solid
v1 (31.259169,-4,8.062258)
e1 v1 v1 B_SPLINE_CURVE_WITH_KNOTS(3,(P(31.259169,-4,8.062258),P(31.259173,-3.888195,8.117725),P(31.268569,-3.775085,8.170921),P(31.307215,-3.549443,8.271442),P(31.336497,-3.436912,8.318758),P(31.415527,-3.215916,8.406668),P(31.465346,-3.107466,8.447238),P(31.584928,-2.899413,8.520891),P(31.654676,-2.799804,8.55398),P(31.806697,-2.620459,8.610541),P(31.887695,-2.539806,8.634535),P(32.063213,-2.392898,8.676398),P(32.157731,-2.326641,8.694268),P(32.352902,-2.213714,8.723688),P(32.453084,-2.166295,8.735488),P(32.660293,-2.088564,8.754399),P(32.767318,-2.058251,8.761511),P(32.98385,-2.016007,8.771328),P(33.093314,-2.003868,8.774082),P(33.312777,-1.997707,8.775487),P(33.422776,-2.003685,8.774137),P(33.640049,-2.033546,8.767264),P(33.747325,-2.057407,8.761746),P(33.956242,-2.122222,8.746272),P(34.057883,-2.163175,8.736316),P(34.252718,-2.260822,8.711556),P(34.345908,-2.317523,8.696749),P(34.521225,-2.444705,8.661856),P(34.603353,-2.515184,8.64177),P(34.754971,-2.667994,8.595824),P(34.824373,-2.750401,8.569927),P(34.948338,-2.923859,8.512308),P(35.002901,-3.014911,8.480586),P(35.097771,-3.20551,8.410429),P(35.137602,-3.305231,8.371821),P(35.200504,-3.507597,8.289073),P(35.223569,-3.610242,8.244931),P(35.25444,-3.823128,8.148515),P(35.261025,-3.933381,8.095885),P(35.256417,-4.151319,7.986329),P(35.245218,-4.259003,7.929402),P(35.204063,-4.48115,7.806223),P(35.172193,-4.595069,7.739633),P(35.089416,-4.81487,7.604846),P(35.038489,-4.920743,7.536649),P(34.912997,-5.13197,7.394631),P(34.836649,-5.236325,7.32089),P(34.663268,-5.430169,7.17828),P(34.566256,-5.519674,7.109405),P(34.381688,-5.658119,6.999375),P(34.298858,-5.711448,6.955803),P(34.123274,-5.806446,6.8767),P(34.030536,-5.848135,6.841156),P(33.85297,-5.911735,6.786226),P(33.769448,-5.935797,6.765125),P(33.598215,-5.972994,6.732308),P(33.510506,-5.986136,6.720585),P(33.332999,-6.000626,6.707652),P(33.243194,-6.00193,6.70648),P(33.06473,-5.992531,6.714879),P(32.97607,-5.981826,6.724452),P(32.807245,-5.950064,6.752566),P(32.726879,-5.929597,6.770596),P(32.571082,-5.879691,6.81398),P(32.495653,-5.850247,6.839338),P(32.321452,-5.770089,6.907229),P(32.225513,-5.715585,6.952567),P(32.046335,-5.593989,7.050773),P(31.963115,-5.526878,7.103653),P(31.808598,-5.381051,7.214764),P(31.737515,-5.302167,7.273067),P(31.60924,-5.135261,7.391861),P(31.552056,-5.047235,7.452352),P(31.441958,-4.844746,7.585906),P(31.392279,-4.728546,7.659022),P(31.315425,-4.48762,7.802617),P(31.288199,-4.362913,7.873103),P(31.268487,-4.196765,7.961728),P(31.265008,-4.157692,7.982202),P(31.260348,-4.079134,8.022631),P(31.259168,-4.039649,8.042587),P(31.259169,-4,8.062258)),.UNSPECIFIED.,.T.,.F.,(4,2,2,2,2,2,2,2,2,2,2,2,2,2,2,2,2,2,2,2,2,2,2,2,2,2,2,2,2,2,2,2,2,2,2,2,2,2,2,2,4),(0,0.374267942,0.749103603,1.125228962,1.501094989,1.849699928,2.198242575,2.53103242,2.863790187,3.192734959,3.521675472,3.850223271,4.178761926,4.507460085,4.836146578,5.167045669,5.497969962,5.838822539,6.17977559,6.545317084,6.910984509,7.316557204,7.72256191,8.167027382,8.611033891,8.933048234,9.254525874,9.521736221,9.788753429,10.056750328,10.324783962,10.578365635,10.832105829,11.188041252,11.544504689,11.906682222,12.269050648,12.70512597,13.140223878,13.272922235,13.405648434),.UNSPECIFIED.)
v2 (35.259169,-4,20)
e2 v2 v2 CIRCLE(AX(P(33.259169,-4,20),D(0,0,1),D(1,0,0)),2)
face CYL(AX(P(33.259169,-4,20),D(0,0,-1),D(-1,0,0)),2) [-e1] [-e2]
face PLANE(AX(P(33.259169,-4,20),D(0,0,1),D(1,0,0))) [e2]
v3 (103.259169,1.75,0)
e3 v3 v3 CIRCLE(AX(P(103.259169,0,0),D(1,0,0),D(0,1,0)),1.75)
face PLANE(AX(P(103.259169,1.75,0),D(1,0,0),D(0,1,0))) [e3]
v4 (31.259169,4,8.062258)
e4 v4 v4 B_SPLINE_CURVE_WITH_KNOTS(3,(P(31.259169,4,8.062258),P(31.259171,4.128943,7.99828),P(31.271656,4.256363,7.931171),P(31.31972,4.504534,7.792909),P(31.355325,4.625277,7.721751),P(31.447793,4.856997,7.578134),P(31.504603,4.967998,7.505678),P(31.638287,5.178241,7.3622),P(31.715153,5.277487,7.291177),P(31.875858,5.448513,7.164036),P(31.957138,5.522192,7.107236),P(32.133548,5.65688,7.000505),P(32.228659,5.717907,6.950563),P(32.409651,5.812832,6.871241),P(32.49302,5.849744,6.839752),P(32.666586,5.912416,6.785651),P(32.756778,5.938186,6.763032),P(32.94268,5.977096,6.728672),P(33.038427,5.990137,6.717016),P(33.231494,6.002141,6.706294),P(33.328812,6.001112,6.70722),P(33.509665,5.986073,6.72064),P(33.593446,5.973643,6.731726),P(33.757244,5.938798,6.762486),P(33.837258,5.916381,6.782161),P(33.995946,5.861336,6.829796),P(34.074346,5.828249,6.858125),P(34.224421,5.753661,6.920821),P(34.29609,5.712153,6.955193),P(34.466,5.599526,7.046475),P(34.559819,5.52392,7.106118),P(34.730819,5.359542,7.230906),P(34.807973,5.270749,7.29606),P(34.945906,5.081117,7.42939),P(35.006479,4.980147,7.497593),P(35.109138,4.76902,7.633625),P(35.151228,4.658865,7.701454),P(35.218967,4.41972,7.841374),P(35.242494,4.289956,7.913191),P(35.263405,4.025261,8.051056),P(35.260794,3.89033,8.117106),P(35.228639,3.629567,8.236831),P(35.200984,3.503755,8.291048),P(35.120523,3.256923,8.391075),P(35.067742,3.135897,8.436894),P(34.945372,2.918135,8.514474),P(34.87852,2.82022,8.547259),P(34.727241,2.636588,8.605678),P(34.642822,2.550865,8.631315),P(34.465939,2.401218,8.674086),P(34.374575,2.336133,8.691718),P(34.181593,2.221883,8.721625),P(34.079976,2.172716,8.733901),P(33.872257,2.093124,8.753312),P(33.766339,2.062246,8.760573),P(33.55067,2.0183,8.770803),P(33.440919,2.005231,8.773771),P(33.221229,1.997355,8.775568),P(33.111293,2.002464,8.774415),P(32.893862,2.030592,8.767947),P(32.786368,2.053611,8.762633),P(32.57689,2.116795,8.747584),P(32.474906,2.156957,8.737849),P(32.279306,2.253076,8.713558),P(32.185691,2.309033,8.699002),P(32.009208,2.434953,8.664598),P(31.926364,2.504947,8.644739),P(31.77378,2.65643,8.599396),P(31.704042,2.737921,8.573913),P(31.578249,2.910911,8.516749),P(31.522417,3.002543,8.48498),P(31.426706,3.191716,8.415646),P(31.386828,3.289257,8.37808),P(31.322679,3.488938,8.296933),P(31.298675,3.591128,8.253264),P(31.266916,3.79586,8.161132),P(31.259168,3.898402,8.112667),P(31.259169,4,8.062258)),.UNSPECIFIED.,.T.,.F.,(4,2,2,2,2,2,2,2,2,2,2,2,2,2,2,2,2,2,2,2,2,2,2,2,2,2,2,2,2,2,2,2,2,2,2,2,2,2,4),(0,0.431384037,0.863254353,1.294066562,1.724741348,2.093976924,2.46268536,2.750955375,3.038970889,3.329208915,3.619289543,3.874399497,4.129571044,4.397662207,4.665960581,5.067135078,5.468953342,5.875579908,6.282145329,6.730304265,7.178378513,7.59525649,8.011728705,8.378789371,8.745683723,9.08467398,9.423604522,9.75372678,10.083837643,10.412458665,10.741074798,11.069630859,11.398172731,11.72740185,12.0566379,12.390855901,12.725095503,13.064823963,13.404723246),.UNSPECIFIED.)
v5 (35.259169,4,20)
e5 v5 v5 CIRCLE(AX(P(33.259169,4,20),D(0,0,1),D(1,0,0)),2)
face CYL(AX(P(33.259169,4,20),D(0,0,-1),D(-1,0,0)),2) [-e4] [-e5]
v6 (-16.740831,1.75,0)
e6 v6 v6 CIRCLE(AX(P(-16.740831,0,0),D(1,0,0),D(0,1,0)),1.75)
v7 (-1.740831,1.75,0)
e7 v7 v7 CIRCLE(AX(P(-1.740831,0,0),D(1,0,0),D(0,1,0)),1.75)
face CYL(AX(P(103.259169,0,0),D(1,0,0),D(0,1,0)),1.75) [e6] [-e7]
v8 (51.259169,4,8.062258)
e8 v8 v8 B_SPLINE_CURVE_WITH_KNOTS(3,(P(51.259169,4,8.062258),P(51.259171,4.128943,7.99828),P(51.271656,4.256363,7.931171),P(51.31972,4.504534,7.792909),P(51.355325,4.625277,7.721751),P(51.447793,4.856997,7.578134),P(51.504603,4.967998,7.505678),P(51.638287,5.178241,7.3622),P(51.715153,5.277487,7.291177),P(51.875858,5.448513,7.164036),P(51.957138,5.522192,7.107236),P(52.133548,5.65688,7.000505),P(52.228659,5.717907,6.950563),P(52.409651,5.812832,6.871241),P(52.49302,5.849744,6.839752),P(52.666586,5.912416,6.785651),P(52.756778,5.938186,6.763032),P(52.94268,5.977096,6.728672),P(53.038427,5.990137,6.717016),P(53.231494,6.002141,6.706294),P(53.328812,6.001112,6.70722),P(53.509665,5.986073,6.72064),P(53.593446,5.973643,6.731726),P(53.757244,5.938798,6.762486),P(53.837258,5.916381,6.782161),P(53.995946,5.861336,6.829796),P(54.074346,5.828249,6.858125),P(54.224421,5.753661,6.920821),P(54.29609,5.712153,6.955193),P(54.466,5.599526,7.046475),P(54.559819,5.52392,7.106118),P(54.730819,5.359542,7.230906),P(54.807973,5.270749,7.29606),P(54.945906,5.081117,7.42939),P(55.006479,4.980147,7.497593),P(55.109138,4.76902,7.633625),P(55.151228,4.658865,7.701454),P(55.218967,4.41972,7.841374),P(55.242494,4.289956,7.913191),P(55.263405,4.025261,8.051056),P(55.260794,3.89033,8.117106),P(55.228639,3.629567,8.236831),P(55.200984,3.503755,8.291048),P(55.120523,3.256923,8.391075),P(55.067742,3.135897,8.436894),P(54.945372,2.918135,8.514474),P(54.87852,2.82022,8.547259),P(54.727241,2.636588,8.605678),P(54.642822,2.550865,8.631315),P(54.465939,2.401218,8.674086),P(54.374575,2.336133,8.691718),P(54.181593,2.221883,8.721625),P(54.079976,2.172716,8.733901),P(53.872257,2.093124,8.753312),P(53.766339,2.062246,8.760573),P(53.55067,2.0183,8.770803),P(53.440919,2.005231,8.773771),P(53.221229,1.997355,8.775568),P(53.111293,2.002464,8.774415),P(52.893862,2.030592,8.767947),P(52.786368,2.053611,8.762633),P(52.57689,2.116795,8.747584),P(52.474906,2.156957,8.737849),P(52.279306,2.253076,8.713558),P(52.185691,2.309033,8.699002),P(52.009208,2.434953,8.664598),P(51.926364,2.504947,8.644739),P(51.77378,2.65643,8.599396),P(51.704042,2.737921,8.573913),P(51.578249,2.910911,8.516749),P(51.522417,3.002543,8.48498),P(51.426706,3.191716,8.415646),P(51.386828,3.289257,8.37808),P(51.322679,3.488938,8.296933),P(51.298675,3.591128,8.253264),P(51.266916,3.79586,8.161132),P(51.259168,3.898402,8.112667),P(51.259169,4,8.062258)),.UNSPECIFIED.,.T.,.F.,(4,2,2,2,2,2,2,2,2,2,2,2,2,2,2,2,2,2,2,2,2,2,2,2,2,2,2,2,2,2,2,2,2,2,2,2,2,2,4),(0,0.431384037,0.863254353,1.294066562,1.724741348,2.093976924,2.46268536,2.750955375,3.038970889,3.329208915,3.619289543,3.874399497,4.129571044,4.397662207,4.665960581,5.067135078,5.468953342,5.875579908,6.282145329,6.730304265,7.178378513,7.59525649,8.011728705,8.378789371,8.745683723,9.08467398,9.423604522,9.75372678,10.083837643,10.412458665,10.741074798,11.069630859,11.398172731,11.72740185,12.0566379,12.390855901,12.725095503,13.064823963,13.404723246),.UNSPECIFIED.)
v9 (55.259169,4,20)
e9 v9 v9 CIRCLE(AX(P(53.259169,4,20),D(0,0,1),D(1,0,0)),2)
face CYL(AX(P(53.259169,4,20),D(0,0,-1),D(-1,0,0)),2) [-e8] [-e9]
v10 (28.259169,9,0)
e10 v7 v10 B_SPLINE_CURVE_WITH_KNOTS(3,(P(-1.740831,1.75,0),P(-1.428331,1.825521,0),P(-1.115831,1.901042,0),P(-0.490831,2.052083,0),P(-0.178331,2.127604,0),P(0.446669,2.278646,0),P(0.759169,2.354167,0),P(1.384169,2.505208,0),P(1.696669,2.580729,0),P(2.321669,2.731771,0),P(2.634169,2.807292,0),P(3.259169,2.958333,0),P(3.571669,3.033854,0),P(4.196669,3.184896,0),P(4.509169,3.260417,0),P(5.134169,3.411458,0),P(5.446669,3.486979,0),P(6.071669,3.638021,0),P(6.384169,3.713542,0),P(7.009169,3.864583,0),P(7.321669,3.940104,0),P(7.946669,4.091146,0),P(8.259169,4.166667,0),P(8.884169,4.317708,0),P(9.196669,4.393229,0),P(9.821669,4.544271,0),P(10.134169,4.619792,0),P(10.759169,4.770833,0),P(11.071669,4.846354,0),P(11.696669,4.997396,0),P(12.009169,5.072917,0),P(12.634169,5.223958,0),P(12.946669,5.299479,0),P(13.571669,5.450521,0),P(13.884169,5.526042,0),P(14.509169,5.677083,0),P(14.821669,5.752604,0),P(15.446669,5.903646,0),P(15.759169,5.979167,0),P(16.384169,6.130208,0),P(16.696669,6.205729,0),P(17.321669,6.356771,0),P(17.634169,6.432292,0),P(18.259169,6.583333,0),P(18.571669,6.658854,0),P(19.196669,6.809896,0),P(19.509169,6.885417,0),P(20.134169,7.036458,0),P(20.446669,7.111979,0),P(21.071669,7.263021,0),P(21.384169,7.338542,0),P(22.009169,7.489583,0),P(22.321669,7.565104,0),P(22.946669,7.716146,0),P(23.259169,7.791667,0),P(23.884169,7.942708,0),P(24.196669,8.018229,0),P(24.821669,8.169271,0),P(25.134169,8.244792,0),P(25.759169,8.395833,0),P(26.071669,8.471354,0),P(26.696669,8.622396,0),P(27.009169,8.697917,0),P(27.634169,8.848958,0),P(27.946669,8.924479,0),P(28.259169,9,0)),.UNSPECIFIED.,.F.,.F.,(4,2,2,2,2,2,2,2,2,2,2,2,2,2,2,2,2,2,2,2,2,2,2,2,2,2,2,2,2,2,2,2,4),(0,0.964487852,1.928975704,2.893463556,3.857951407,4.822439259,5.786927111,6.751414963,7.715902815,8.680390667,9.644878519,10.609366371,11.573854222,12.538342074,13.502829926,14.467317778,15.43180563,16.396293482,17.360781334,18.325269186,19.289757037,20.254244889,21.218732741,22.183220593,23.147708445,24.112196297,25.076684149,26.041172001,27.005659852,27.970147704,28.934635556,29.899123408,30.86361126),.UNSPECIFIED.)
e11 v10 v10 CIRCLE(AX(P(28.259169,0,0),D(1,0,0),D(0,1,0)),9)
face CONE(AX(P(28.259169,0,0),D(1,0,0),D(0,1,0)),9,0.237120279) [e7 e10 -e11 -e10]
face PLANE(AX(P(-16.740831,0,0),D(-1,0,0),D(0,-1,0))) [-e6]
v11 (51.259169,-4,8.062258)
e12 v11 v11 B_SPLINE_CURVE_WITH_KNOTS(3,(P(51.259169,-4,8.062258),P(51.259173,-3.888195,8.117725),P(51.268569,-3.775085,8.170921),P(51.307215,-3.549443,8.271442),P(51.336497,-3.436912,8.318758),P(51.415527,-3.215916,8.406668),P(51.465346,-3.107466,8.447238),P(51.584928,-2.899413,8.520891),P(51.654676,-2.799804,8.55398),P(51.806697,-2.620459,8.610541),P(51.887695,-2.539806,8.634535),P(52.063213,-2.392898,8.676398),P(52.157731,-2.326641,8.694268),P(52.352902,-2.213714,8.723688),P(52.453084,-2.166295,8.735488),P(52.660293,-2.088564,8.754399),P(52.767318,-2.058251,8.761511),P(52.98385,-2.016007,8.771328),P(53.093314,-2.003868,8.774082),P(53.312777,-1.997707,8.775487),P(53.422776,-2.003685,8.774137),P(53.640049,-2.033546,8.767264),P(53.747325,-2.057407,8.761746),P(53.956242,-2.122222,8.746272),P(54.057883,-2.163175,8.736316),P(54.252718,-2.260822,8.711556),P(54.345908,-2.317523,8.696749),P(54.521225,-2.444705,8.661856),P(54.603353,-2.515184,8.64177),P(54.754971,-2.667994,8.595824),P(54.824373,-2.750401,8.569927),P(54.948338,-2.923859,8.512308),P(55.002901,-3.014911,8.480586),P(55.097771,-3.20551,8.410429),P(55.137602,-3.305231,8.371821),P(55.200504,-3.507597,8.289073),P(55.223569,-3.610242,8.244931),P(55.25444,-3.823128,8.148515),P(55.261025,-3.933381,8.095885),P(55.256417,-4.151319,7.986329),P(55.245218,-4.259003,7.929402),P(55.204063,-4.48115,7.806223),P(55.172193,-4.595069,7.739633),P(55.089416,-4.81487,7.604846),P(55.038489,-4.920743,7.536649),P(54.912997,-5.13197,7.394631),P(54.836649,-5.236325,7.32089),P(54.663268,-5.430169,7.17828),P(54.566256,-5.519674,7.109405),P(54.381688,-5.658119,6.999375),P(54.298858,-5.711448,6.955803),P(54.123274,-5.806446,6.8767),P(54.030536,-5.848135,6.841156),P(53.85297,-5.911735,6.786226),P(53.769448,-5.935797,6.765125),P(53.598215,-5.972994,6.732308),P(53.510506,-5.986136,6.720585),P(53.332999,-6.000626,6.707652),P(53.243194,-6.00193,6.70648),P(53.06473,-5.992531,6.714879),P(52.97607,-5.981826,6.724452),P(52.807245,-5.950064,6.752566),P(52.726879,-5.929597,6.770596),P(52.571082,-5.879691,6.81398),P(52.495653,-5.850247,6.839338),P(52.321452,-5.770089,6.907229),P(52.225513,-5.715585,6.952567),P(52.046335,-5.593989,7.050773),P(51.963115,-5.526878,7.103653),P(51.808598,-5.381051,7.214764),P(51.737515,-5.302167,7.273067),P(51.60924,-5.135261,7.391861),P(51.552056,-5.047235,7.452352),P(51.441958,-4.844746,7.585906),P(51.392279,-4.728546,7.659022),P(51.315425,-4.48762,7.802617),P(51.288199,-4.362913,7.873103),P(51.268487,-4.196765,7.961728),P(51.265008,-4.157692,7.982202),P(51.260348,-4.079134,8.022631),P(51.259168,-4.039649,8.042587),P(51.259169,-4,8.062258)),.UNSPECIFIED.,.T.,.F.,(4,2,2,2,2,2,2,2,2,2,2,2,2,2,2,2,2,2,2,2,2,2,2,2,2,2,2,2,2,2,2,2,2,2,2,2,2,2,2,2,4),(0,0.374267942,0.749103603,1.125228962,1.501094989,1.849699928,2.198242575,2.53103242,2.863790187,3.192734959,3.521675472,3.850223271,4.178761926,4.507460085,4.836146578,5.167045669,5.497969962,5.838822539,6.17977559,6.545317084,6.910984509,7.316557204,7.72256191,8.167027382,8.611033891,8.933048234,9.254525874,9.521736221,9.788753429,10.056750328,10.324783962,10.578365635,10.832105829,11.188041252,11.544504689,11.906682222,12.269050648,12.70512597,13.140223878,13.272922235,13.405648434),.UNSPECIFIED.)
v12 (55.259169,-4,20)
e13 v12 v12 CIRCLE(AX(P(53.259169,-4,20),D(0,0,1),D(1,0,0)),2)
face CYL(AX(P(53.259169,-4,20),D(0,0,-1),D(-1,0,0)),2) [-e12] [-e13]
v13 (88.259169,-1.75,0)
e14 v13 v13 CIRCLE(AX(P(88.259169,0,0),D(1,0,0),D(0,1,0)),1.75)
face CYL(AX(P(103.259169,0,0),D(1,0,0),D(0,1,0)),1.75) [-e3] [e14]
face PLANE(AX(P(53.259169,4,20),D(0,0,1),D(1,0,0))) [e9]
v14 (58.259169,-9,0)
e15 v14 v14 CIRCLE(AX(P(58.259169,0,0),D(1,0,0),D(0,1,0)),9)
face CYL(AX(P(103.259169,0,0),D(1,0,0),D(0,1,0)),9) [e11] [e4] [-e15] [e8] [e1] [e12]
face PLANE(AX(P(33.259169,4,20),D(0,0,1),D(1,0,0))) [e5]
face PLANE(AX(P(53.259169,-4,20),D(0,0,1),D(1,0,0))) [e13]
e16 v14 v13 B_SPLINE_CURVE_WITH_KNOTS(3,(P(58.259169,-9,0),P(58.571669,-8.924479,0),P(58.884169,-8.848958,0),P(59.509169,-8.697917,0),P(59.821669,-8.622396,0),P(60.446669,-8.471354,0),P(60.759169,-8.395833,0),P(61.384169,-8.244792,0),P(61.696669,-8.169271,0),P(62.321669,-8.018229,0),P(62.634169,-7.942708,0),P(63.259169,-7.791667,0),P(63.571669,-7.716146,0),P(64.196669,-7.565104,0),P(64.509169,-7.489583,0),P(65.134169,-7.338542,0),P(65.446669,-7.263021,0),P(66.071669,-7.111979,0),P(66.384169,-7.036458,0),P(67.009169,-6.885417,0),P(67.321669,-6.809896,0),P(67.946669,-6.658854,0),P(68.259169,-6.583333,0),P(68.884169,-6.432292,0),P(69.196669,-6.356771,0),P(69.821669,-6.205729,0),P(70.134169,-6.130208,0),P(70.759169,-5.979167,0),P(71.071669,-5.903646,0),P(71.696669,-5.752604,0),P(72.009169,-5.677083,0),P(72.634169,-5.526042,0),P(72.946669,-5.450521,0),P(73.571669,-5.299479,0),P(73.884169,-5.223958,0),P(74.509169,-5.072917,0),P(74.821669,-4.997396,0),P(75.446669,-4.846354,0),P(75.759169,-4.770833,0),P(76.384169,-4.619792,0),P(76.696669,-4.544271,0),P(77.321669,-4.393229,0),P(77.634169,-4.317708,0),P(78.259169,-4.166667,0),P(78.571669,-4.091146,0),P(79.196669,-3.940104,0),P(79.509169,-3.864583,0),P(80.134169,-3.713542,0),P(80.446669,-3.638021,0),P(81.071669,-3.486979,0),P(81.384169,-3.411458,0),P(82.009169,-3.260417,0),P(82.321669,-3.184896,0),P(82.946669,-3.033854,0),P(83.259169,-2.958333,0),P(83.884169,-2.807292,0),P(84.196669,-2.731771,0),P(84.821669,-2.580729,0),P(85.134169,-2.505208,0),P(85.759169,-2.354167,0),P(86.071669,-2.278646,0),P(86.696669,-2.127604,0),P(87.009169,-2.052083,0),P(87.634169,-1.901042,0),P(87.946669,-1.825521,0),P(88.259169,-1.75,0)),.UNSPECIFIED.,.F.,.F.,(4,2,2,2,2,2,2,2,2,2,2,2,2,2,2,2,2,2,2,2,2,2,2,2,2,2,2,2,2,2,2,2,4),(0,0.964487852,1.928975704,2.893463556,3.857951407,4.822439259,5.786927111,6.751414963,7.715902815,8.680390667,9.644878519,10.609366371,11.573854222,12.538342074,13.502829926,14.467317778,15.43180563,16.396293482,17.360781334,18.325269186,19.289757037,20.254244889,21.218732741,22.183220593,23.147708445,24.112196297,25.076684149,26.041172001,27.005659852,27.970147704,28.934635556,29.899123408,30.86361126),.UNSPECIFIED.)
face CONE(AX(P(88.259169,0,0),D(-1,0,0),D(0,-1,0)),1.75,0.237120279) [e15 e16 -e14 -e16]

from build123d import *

# Parameters (mm, degrees)
SKETCH2_R           = 2
BOSS_EXTRUDE1_DEPTH = 20


with BuildPart() as part:
    # Sketch1 → Revolve1 (revolve)
    with BuildSketch(Plane.XY):
        Polygon((-16.740830618, 1.75), (-1.740830618, 1.75), (28.259169382, 9), (58.259169382, 9), (88.259169382, 1.75), (103.259169382, 1.75), (103.259169382, 0), (-16.740830618, 0), align=None)
    revolve(axis=Axis((103.259169382, 0, 0), (-1, 0, 0)))

    # Sketch2 → Boss-Extrude1 (add)
    with BuildSketch(Plane.XY):
        with Locations(Location((33.259169382, 4, 0), (0, 0, 180))):
            Circle(SKETCH2_R)
        with Locations(Location((33.259169382, -4, 0), (0, 0, 180))):
            Circle(SKETCH2_R)
        with Locations(Location((53.259169382, 4, 0), (0, 0, 180))):
            Circle(SKETCH2_R)
        with Locations(Location((53.259169382, -4, 0), (0, 0, 180))):
            Circle(SKETCH2_R)
    extrude(amount=BOSS_EXTRUDE1_DEPTH)


solid = part.part
